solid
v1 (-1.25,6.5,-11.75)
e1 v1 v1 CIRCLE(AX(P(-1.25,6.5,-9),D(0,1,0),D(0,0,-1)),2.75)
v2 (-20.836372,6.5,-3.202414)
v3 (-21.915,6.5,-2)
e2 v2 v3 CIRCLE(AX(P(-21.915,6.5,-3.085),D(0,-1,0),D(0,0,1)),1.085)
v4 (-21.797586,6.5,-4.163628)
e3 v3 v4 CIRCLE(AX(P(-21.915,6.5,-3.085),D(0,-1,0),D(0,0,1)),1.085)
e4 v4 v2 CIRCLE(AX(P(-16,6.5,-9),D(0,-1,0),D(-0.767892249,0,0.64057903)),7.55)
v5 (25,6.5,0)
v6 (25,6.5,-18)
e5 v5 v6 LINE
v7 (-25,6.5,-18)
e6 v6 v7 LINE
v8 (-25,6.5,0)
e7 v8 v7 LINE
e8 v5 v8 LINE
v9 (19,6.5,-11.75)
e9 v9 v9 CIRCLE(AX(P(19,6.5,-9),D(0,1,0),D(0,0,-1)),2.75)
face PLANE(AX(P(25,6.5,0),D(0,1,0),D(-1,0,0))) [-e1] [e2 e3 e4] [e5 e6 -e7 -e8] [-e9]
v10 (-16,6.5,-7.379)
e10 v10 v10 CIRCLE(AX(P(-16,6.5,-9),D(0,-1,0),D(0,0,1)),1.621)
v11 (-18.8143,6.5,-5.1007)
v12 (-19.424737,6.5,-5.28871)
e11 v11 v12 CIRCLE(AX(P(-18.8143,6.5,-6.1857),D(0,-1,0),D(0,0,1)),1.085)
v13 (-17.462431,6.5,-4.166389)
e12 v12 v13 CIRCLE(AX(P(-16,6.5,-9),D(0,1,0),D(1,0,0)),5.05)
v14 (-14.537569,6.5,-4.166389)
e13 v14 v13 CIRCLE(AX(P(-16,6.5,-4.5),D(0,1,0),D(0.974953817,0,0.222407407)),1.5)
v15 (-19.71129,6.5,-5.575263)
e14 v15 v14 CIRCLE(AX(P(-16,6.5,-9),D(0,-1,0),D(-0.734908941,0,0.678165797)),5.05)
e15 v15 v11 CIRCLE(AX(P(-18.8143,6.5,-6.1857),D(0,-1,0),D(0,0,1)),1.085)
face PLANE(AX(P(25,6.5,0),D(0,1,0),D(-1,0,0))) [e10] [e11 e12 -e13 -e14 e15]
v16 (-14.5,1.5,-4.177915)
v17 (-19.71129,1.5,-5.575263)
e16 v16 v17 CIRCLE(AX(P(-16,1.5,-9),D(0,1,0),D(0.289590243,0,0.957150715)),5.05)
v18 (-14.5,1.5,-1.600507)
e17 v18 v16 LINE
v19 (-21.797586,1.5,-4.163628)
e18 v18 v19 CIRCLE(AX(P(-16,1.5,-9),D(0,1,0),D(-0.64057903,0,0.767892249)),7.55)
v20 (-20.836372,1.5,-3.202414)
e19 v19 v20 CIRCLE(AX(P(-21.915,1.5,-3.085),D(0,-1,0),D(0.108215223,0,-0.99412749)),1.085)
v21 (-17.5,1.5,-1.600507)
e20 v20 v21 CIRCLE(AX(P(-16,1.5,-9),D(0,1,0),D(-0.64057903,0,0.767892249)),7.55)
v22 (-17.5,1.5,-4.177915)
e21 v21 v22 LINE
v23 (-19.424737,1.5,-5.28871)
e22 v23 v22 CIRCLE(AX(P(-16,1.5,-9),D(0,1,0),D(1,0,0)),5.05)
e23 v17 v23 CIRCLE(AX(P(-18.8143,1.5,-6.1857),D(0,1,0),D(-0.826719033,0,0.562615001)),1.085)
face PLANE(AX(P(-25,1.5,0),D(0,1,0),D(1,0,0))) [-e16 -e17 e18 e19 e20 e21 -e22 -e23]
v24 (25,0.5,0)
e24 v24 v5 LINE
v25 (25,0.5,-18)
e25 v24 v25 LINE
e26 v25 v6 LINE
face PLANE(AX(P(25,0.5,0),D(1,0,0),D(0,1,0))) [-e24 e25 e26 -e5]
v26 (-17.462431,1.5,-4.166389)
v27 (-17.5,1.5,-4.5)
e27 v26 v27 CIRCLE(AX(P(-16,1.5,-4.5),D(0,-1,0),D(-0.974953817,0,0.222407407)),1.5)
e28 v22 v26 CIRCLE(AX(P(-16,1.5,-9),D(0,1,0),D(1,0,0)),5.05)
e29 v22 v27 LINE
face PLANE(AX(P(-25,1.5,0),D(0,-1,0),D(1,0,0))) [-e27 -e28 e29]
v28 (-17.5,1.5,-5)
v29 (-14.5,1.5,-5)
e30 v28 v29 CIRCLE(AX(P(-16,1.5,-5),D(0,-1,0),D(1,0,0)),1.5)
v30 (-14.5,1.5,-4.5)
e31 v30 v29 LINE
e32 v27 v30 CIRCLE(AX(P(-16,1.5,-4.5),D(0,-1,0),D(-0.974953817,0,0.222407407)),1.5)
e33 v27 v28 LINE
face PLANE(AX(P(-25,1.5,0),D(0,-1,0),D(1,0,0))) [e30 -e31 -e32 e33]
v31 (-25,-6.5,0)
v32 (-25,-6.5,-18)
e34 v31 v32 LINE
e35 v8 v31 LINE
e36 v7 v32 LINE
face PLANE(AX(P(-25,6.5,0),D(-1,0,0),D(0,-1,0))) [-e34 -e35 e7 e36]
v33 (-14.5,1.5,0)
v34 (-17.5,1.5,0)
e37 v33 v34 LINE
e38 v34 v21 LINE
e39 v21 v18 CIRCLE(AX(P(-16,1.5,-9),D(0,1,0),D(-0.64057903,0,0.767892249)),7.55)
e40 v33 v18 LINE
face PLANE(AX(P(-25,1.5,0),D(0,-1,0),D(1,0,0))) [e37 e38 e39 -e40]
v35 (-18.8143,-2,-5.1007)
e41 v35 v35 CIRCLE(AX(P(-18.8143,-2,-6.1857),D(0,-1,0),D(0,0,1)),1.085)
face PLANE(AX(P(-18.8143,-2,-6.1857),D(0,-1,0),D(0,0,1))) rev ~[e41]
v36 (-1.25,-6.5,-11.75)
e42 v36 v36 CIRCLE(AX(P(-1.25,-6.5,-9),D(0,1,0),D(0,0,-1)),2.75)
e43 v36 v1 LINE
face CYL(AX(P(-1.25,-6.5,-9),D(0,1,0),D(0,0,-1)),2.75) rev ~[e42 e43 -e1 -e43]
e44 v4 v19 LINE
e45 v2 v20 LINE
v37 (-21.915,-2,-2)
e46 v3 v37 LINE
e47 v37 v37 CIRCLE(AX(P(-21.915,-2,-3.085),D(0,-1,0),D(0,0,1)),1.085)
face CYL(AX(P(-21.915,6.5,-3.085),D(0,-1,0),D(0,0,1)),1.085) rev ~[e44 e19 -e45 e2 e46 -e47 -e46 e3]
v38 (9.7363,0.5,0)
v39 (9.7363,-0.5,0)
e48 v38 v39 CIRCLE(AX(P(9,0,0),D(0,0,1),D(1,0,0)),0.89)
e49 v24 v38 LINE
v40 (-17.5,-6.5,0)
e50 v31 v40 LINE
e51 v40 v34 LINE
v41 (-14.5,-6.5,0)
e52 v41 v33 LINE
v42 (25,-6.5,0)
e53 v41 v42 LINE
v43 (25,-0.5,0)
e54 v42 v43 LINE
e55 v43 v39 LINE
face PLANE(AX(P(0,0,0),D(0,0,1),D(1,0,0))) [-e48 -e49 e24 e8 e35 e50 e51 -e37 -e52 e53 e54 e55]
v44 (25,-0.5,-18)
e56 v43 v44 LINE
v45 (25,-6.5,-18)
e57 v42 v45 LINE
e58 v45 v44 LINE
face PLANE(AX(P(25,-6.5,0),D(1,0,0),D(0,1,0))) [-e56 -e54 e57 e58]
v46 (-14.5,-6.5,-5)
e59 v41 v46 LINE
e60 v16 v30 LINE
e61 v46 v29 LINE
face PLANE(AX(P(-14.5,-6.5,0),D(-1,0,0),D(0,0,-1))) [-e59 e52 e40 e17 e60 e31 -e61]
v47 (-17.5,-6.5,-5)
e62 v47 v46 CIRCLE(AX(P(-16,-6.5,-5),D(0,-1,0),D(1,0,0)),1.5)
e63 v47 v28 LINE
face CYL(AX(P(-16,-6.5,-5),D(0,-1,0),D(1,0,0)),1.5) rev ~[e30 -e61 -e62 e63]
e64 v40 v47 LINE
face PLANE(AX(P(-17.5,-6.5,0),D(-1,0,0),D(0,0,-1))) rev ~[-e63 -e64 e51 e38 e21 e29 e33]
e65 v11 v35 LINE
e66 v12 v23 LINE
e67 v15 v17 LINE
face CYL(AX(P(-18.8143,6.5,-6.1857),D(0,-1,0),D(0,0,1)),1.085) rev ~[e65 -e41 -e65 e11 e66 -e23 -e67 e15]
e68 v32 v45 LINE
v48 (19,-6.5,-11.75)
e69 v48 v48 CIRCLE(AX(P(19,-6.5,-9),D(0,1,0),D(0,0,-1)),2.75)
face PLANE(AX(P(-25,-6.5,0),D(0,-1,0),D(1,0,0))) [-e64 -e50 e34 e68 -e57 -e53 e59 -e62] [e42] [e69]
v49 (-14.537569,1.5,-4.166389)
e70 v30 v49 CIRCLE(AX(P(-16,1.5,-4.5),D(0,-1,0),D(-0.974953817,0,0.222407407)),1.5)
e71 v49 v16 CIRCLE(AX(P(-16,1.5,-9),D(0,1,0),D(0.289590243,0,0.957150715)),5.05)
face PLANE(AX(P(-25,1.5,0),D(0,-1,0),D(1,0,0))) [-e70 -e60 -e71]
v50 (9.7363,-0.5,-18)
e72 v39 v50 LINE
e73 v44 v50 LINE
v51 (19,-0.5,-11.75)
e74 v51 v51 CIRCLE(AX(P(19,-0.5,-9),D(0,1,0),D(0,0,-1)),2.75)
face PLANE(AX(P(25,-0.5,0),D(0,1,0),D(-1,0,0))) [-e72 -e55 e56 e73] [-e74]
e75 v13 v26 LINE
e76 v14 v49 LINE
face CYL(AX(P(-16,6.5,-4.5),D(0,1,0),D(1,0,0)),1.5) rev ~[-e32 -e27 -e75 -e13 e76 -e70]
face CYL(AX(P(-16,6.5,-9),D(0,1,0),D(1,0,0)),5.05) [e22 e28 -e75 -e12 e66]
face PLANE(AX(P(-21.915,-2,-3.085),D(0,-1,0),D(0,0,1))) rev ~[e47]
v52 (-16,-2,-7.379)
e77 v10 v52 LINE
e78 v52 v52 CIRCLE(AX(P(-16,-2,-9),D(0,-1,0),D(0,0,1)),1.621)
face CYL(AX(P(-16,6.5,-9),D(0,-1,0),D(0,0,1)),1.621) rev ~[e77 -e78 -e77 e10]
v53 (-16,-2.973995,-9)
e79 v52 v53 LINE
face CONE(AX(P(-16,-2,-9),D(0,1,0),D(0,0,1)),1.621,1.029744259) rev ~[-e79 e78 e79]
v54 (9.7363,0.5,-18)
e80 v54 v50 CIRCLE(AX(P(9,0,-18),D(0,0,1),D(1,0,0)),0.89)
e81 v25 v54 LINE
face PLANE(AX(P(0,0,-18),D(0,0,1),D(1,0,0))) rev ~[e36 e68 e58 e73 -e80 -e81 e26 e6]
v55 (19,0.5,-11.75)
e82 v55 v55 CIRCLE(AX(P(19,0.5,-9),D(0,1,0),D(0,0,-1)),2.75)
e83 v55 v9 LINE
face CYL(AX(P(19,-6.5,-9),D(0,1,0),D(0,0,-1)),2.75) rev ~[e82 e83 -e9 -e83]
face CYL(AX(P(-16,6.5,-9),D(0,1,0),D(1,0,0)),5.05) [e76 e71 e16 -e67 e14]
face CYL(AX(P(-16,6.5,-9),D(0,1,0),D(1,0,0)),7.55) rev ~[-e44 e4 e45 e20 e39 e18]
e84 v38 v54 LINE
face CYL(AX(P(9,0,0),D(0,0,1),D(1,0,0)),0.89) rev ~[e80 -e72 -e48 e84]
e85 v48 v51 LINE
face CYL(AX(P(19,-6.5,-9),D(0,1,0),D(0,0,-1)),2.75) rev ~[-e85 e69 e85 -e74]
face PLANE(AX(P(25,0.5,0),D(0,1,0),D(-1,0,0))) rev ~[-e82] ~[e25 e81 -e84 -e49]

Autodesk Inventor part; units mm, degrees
ref_plane "YZ Plane" through (0, 0, 0) normal (1, 0, 0) x (0, 1, 0)
ref_plane "XZ Plane" through (0, 0, 0) normal (0, 1, 0) x (-1, 0, 0)
ref_plane "XY Plane" through (0, 0, 0) normal (0, 0, 1) x (1, 0, 0)
sketch "Sketch1" plane through (0, 0, 0) normal (0, 0, 1) x (1, 0, 0)
  line L0 (-25, -6.5) -> (25, -6.5)
  line L1 (25, -6.5) -> (25, 6.5)
  line L2 (25, 6.5) -> (-25, 6.5)
  line L3 (-25, 6.5) -> (-25, -6.5)
  line L4 (-25, -6.5) -> (25, 6.5) construction
  line L5 (25, -6.5) -> (-25, 6.5) construction
  line L6 (25, 0) -> (9, 0)
  circle A0 centre (9, 0) radius 0.89
  line L7 (25, 0) -> (25, 0.5)
  line L8 (25, 0.5) -> (9.7363, 0.5)
  line L9 (25, 0) -> (25, -0.5)
  line L10 (25, -0.5) -> (9.7363, -0.5)
  point P0 (0, 0)
  dimension "d0" = 50
  dimension "d1" = 13
  dimension "d2" = 16
  dimension "d3" = 1.78
  dimension "d4" = 0.5
  dimension "d5" = 0.5
extrude "Extrusion1" add sketch "Sketch1" against normal blind 18 contours L3 L2 L1 L8 A0 L10 L0
sketch "Sketch2" plane through (-25, -6.5, 0) normal (0, -1, 0) x (1, 0, 0)
  line L0 (50, 0) -> (50, -18) projected
  line L1 (50, -9) -> (44, -9)
  line L2 (44, -9) -> (23.75, -9)
  circle A0 centre (44, -9) radius 4.375
  circle A1 centre (23.75, -9) radius 4.375
  line L3 (0, 0) -> (7.5, 0)
  line L4 (50, 0) -> (0, 0) projected
  line L5 (7.5, 0) -> (9, 0)
  line L6 (9, 0) -> (9, -5)
  circle A2 centre (9, -5) radius 1.5
  line L7 (7.5, 0) -> (7.5, -5)
  line L8 (9, 0) -> (10.5, 0)
  line L9 (10.5, 0) -> (10.5, -5)
  point P0 (25, 0)
  dimension "d8" = 6
  dimension "d9" = 20.25
  dimension "d10" = 8.75
  dimension "d11" = 8.75
  dimension "d12" = 7.5
  dimension "d13" = 1.5
  dimension "d14" = 5
  dimension "d15" = 3
hole "Hole1" at (19, -6.5, -9) at (-1.25, -6.5, -9) direction (0, 1, 0) diameter 5.5 end through all clearance for "Socket Head Cap Screw ISO 4762" size "M5" standard "ISO"
extrude "Extrusion2" cut sketch "Sketch2" against normal blind 8 contours L9 A2 L6 L4 | L6 A2 L7 L4 | A2
sketch "Sketch3" plane through (-25, 6.5, 0) normal (0, 1, 0) x (1, 0, 0)
  line L0 (0, 0) -> (0, 18) projected
  line L1 (0, 0) -> (18, 18)
  line L2 (0, 18) -> (50, 18) projected
  line L3 (0, 0) -> (25.4558, 0) construction
  circle A0 centre (9, 9) radius 7.55
  circle A1 centre (9, 9) radius 5.05
  circle A2 centre (9, 9) radius 2
  line L4 (9, 7) -> (9, 4.5)
  circle A3 centre (9, 4.5) radius 1.5
  line L5 (5.4291, 5.4291) -> (6.1857, 6.1857)
  circle A4 centre (6.1857, 6.1857) radius 1.085
  line L6 (0, 0) -> (3.085, 3.085)
  circle A5 centre (3.085, 3.085) radius 1.085
  point P0 (25, 0)
  point P1 (4.1636, 3.2024)
  point P2 (3.2024, 4.1636)
  point P3 (7.5376, 4.1664)
  point P4 (5.5752, 5.2888)
  point P5 (5.2888, 5.5752)
  point P6 (10.4624, 4.1664)
  dimension "d27" = 10.1
  dimension "d28" = 4
  dimension "d25" = 45
  dimension "d26" = 15.1
  dimension "d29" = 2.5
  dimension "d30" = 3
  dimension "d31" = 1.07
  dimension "d32" = 2.17
  dimension "d33" = 4.3628
  dimension "d34" = 2.17
extrude "Extrusion3" cut sketch "Sketch3" against normal blind 5 contours A0 L1 A1 A4 A5 | A0 A5 L1 A4 A1 A3 | A3 A1 | A1 A3
hole "Hole2" at (-16, 6.5, -9) direction (0, -1, 0) diameter 3.242 depth 8.5 tip angle 118 thread size "M4x0.7" class "6H" standard "ISO Metric profile"
hole "Hole3" at (-18.8143, 6.5, -6.1857) at (-21.915, 6.5, -3.085) direction (0, -1, 0) diameter 2.17 depth 8.5
properties part number "levelmeter-top"
